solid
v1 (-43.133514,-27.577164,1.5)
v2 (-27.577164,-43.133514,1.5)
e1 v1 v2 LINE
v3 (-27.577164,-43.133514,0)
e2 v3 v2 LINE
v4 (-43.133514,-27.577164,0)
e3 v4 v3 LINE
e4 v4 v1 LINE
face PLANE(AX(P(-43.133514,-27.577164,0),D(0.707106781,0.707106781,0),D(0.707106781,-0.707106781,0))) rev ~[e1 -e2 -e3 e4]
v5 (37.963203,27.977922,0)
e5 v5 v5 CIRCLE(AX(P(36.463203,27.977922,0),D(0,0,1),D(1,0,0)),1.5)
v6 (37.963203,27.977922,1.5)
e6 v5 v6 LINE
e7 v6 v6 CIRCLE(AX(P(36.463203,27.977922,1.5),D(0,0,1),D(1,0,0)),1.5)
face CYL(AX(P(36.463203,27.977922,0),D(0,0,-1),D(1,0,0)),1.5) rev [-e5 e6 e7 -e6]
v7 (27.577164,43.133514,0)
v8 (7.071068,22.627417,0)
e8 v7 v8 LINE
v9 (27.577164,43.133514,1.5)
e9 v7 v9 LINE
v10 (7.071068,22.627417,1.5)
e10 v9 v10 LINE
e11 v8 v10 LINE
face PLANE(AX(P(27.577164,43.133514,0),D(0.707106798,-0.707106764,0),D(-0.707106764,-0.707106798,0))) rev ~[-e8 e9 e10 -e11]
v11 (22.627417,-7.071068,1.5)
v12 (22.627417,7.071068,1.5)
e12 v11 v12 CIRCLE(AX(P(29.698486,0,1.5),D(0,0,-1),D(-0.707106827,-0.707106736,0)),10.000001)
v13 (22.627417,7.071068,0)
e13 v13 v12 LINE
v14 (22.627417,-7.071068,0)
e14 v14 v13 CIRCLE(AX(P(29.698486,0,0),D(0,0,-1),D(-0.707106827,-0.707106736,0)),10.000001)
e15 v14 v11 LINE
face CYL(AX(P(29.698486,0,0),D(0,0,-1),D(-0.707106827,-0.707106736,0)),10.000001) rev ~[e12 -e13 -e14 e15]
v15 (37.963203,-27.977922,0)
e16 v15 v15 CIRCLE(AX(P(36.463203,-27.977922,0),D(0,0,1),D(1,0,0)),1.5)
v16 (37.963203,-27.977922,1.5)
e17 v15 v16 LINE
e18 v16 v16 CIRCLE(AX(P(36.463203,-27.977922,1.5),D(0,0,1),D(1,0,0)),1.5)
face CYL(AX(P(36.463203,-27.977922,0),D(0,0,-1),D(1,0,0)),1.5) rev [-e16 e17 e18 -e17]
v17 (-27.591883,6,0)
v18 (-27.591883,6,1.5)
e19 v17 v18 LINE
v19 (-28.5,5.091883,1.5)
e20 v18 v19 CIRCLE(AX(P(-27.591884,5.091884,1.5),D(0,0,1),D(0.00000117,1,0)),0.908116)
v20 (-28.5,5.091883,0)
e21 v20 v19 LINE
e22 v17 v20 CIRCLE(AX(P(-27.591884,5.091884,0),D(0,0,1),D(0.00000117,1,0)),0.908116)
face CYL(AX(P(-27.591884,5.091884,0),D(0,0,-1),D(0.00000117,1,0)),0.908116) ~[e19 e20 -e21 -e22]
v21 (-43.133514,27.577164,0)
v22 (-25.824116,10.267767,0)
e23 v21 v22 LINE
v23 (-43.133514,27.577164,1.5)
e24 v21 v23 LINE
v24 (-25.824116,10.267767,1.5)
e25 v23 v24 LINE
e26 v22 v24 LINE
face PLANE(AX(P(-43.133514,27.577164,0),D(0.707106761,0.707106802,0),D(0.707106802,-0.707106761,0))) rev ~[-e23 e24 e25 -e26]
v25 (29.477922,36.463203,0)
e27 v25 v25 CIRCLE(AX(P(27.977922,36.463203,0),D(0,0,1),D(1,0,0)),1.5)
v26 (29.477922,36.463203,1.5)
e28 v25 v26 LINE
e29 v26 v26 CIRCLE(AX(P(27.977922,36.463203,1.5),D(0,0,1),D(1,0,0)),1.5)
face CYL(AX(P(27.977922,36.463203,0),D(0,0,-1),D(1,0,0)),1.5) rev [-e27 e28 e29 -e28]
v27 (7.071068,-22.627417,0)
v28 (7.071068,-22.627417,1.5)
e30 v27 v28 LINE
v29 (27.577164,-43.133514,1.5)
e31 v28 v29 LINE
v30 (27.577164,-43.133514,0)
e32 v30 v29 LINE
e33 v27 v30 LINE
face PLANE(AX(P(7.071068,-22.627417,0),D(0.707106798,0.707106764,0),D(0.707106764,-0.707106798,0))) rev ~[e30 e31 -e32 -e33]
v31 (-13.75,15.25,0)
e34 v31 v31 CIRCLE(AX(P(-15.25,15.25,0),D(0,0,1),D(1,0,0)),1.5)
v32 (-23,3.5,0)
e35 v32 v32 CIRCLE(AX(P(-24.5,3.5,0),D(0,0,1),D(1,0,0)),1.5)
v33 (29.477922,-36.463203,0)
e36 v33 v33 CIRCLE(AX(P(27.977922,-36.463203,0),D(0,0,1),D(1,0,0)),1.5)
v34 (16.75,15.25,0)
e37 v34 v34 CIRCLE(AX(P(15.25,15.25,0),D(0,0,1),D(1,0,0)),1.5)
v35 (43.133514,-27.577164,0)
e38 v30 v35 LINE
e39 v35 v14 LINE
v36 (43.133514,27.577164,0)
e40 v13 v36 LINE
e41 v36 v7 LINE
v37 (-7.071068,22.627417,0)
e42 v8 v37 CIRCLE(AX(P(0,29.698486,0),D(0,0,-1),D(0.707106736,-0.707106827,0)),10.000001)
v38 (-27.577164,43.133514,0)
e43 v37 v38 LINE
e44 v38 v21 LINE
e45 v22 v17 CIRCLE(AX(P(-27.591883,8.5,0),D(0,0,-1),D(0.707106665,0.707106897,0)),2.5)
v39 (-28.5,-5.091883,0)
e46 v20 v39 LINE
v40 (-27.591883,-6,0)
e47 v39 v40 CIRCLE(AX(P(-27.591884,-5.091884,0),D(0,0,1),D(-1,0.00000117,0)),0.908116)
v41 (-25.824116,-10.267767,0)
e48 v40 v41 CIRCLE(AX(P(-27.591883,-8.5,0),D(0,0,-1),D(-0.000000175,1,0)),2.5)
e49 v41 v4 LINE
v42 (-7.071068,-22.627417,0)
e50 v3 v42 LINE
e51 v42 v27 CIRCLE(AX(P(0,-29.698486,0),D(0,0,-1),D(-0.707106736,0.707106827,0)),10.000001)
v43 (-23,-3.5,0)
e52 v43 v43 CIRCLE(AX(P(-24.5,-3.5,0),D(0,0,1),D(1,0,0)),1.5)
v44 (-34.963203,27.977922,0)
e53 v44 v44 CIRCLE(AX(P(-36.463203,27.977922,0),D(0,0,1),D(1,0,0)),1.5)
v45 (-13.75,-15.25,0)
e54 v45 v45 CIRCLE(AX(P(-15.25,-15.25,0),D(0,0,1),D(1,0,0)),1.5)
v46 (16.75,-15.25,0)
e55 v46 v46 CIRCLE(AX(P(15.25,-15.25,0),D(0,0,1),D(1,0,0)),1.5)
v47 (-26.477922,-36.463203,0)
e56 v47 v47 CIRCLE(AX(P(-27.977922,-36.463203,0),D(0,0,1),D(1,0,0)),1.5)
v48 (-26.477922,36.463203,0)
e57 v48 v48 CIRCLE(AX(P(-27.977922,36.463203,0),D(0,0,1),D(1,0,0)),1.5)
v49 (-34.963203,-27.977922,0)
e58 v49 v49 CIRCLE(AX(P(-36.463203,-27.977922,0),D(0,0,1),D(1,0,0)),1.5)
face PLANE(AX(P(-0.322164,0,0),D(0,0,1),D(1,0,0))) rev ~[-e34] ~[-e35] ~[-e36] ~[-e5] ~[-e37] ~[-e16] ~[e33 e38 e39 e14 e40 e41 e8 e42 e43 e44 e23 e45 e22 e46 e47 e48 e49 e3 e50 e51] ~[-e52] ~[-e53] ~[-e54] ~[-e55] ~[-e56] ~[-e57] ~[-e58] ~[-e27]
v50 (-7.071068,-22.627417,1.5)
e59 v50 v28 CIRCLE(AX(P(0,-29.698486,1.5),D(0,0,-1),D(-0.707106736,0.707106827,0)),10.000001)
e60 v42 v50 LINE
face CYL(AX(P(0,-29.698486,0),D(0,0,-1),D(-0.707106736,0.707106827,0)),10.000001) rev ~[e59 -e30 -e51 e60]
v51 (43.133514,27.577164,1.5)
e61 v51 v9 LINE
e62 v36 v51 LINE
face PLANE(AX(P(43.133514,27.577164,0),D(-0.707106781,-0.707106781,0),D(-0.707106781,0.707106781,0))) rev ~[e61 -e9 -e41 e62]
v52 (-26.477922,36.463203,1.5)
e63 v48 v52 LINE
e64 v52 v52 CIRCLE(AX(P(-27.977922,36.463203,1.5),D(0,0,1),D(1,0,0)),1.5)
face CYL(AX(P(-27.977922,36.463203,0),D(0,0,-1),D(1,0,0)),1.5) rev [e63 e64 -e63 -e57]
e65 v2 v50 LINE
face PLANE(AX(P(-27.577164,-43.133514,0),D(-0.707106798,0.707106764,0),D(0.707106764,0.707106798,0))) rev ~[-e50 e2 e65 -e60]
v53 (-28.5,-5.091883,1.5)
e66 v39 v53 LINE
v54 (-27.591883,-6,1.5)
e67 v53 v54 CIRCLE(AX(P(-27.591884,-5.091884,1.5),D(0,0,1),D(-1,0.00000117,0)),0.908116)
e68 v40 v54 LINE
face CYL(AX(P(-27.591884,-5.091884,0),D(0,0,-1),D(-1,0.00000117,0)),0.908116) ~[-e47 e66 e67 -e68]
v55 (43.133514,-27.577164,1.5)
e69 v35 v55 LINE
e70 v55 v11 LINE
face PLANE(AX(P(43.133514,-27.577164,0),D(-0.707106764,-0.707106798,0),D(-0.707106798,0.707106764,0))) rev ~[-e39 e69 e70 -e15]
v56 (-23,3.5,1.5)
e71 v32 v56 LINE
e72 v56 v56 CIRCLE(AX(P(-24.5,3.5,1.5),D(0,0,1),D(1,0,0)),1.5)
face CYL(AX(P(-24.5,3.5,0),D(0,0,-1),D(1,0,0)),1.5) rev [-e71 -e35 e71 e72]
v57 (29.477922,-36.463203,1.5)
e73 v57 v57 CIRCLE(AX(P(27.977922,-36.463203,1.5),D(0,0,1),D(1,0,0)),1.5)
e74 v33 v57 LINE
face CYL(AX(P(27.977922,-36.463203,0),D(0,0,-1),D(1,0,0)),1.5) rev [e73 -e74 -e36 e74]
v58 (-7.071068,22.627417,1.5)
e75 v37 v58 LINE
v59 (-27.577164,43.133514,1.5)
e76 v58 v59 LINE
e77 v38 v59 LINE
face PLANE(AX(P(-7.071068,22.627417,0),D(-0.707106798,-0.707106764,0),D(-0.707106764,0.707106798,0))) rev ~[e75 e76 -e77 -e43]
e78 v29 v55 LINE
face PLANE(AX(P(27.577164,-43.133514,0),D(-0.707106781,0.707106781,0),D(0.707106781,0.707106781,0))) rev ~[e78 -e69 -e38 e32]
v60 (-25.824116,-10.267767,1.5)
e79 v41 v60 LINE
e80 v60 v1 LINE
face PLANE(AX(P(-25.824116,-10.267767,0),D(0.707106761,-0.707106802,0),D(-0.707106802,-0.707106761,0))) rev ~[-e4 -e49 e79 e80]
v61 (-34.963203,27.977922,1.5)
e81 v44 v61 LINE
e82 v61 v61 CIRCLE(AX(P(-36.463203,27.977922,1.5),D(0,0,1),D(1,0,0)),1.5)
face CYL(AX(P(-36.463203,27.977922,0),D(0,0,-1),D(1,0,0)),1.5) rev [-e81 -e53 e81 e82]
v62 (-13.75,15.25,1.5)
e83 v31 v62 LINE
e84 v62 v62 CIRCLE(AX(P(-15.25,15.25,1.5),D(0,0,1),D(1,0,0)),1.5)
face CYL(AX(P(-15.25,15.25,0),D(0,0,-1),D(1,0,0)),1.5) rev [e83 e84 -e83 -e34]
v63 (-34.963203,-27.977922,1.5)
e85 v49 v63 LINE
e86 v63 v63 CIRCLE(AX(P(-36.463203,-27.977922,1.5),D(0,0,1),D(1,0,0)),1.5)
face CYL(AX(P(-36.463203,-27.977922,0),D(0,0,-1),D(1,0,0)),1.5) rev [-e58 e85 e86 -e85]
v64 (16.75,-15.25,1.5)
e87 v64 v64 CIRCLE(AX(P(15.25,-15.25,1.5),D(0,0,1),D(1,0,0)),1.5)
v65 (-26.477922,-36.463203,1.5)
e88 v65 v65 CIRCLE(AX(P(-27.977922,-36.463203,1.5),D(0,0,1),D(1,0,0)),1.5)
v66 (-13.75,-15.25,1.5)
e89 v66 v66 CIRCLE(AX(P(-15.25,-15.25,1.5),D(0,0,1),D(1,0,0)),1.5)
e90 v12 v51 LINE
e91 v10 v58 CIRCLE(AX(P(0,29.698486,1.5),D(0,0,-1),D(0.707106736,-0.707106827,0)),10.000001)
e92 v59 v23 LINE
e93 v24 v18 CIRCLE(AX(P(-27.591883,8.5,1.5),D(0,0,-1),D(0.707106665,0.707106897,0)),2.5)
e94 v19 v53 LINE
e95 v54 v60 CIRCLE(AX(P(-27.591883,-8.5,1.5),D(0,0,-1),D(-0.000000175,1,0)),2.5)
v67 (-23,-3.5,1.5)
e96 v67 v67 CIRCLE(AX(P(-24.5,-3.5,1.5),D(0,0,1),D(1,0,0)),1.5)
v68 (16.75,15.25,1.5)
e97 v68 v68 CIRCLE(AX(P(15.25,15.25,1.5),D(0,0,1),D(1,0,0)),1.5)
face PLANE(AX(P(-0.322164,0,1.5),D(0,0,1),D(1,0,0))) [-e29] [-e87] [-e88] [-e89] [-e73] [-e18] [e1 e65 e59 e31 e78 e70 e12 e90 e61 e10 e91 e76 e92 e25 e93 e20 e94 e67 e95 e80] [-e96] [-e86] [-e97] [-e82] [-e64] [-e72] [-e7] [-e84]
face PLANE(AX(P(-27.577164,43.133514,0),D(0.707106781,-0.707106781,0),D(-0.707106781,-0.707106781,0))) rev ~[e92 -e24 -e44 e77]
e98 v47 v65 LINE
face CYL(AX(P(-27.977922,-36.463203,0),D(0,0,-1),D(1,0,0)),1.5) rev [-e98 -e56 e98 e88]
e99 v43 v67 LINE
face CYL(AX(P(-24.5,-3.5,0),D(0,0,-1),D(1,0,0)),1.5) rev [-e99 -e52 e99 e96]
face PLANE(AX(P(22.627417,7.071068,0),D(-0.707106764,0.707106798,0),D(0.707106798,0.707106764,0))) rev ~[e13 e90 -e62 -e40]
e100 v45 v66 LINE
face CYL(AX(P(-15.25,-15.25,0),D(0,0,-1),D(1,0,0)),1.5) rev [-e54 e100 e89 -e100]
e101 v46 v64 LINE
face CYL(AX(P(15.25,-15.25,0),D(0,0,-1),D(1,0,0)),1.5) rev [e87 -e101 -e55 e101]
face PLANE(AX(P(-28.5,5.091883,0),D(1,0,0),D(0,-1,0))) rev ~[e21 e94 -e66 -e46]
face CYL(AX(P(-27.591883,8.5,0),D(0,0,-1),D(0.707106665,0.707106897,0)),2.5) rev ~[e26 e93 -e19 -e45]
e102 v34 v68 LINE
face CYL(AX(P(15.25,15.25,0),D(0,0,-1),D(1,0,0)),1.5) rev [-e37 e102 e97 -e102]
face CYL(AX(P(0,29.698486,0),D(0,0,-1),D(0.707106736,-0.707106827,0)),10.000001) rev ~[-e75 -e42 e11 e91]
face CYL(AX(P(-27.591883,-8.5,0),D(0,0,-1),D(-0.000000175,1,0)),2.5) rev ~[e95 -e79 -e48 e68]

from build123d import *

# Parameters (mm, degrees)
F0_R     = 1.5
F1_DEPTH = 1.5


with BuildPart() as f1:
    # F0 (on Top) → F1 (new body)
    with BuildSketch(Plane.XY):
        with BuildLine():
            Line((-27.577164, 43.133514), (-43.133514, 27.577164))
            Line((-43.133514, 27.577164), (-25.824116, 10.267767))
            ThreePointArc((-25.824116, 10.267767), (-25.282184, 7.543291), (-27.591883, 6))
            ThreePointArc((-27.591883, 6), (-28.234019, 5.734019), (-28.5, 5.091883))
            Line((-28.5, 5.091883), (-28.5, -5.091883))
            ThreePointArc((-28.5, -5.091883), (-28.234019, -5.734019), (-27.591883, -6))
            ThreePointArc((-27.591883, -6), (-25.282184, -7.543291), (-25.824116, -10.267767))
            Line((-25.824116, -10.267767), (-43.133514, -27.577164))
            Line((-43.133514, -27.577164), (-27.577164, -43.133514))
            Line((-27.577164, -43.133514), (-7.071068, -22.627417))
            ThreePointArc((-7.071068, -22.627417), (0, -19.698485), (7.071068, -22.627417))
            Line((7.071068, -22.627417), (27.577164, -43.133514))
            Line((27.577164, -43.133514), (43.133514, -27.577164))
            Line((43.133514, -27.577164), (22.627417, -7.071068))
            ThreePointArc((22.627417, -7.071068), (19.698485, 0), (22.627417, 7.071068))
            Line((22.627417, 7.071068), (43.133514, 27.577164))
            Line((43.133514, 27.577164), (27.577164, 43.133514))
            Line((27.577164, 43.133514), (7.071068, 22.627417))
            ThreePointArc((7.071068, 22.627417), (0, 19.698485), (-7.071068, 22.627417))
            Line((-7.071068, 22.627417), (-27.577164, 43.133514))
        make_face()
        with Locations((-27.977922, -36.463203)):
            Circle(F0_R, mode=Mode.SUBTRACT)
        with Locations((-36.463203, -27.977922)):
            Circle(F0_R, mode=Mode.SUBTRACT)
        with Locations((-24.5, -3.5)):
            Circle(F0_R, mode=Mode.SUBTRACT)
        with Locations((-15.25, -15.25)):
            Circle(F0_R, mode=Mode.SUBTRACT)
        with Locations((27.977922, -36.463203)):
            Circle(F0_R, mode=Mode.SUBTRACT)
        with Locations((36.463203, -27.977922)):
            Circle(F0_R, mode=Mode.SUBTRACT)
        with Locations((15.25, -15.25)):
            Circle(F0_R, mode=Mode.SUBTRACT)
        with Locations((-24.5, 3.5)):
            Circle(F0_R, mode=Mode.SUBTRACT)
        with Locations((-15.25, 15.25)):
            Circle(F0_R, mode=Mode.SUBTRACT)
        with Locations((-36.463203, 27.977922)):
            Circle(F0_R, mode=Mode.SUBTRACT)
        with Locations((-27.977922, 36.463203)):
            Circle(F0_R, mode=Mode.SUBTRACT)
        with Locations((15.25, 15.25)):
            Circle(F0_R, mode=Mode.SUBTRACT)
        with Locations((36.463203, 27.977922)):
            Circle(F0_R, mode=Mode.SUBTRACT)
        with Locations((27.977922, 36.463203)):
            Circle(F0_R, mode=Mode.SUBTRACT)
    extrude(amount=F1_DEPTH)


solid = f1.part
